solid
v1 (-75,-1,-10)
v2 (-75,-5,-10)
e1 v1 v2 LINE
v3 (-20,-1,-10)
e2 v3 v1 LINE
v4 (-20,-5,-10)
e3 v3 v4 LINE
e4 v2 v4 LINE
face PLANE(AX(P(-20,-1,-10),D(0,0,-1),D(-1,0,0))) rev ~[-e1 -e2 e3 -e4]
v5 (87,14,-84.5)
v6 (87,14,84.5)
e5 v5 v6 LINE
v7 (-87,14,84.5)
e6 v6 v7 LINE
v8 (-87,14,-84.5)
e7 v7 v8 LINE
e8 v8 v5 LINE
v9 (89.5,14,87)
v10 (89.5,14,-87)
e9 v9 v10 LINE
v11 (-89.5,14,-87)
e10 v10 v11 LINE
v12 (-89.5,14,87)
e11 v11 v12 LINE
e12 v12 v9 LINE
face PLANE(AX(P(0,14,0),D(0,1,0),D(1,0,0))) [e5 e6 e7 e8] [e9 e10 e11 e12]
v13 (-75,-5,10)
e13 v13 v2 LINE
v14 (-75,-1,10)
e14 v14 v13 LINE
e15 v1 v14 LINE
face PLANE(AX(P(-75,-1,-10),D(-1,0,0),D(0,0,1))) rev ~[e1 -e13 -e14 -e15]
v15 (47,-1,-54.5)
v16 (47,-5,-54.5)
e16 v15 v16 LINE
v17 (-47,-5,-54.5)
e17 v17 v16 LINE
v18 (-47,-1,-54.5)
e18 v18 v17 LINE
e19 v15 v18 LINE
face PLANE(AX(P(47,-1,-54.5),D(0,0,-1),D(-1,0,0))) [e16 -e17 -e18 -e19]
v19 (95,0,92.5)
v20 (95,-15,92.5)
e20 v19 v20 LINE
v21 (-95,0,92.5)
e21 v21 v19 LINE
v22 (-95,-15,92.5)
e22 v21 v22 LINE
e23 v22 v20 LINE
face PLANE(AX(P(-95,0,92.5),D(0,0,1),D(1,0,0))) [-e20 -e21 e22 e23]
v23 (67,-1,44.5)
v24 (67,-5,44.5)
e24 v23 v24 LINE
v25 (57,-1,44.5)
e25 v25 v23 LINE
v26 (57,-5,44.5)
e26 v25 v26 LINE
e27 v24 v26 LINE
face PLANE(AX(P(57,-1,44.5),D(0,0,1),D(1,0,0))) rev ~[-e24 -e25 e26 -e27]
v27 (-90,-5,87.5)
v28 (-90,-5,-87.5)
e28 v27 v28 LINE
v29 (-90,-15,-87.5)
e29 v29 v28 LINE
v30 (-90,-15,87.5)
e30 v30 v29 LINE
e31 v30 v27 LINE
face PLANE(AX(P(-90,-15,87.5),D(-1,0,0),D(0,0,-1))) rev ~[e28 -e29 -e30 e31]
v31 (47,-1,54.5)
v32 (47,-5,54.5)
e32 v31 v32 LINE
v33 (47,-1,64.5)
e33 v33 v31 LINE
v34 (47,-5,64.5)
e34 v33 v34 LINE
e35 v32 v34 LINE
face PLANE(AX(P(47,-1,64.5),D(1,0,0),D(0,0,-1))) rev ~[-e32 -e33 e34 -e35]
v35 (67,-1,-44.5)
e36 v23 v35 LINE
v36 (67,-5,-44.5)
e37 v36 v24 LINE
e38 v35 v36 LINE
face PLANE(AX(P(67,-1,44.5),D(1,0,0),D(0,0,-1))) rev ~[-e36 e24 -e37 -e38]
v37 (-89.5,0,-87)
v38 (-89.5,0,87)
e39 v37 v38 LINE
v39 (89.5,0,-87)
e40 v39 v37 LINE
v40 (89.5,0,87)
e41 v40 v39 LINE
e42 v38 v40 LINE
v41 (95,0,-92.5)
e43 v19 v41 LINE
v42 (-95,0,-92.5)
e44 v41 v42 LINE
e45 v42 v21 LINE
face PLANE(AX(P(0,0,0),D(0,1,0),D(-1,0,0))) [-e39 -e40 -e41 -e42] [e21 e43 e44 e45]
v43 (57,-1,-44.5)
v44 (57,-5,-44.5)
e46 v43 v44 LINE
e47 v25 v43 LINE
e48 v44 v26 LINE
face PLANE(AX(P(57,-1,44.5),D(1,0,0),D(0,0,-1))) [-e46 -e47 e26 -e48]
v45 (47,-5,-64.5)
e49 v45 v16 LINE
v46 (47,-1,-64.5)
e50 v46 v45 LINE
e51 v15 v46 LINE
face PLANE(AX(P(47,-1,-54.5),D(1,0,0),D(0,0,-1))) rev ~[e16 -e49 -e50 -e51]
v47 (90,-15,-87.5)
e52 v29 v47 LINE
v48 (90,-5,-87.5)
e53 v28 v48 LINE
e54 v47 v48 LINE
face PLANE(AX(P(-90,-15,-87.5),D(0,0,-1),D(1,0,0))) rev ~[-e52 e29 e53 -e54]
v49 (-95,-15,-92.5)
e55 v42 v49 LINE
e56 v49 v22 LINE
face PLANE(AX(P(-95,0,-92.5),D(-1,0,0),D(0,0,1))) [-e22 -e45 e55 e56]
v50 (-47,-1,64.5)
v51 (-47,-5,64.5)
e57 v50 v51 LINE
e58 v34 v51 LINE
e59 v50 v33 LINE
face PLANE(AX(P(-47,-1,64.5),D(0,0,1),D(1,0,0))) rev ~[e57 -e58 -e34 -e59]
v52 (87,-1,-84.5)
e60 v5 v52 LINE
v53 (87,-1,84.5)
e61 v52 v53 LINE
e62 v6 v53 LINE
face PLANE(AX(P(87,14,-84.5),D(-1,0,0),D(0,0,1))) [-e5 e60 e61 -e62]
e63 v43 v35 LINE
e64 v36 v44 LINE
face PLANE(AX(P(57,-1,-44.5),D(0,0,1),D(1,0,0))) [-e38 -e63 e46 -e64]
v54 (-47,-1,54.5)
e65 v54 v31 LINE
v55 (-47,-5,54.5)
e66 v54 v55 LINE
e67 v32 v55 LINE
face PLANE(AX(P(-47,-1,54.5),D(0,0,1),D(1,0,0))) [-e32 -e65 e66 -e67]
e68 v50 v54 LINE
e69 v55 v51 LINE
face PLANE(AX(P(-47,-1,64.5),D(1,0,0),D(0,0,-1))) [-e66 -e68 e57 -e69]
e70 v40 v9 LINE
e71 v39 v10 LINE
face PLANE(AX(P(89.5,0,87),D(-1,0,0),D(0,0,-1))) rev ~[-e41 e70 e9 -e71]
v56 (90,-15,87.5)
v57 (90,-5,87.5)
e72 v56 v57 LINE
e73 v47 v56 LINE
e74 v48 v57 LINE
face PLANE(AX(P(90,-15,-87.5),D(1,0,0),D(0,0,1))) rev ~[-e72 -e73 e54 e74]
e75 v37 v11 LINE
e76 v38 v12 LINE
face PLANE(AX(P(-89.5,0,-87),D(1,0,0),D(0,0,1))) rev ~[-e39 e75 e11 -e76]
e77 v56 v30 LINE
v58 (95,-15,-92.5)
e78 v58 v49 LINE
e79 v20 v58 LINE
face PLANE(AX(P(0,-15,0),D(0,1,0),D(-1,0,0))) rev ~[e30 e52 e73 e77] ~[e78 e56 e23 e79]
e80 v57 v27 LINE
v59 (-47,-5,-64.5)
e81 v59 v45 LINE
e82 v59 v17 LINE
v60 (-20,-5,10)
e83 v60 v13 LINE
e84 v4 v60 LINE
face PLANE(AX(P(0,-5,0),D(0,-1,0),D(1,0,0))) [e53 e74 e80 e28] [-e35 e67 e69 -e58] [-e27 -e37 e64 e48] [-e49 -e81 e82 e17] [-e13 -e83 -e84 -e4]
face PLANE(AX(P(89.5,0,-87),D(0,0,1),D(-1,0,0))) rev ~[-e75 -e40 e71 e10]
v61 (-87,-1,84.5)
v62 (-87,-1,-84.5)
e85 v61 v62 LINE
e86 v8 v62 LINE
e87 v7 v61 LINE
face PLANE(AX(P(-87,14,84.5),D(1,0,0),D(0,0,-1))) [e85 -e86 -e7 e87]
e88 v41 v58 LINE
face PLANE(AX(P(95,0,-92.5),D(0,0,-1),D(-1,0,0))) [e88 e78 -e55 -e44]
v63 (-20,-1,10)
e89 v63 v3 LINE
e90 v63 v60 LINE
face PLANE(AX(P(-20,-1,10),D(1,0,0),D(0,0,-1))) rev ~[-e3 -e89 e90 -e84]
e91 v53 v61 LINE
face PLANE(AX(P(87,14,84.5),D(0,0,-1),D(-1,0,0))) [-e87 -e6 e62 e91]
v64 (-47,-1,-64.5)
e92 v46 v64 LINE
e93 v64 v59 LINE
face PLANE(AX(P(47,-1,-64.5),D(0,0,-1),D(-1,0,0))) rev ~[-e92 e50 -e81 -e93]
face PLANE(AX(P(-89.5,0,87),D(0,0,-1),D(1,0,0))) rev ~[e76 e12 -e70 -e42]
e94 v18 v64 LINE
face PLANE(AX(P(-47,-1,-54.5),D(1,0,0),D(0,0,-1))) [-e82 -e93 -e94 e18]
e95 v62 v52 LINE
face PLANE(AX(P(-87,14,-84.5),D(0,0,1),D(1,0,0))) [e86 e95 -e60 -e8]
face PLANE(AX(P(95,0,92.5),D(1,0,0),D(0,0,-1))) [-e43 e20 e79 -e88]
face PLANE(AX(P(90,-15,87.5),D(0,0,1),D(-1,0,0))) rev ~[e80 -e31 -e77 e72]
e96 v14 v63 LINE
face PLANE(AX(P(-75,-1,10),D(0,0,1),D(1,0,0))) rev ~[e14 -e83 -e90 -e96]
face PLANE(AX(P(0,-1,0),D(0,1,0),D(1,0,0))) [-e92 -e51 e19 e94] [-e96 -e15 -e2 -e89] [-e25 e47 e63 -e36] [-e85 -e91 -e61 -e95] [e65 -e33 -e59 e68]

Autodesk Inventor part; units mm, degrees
ref_plane "YZ Plane" through (0, 0, 0) normal (1, 0, 0) x (0, 1, 0)
ref_plane "XZ Plane" through (0, 0, 0) normal (0, 1, 0) x (-1, 0, 0)
ref_plane "XY Plane" through (0, 0, 0) normal (0, 0, 1) x (1, 0, 0)
sketch "Sketch1" plane through (0, 0, 0) normal (0, 1, 0) x (-1, 0, 0)
  line L0 (95, 92.5) -> (-95, 92.5)
  line L1 (-95, 92.5) -> (-95, -92.5)
  line L2 (-95, -92.5) -> (95, -92.5)
  line L3 (95, -92.5) -> (95, 92.5)
  point P0 (0, 0)
  dimension "d0" = 190
  dimension "d1" = 185
  dimension "d2" = 92.5
  dimension "d3" = 95
extrude "Extrusion1" add sketch "Sketch1" against normal blind 15
sketch "Sketch5" plane through (0, 0, 0) normal (0, 1, 0) x (1, 0, 0)
  line L0 (-95, -92.5) -> (95, -92.5) projected
  line L1 (95, -92.5) -> (95, 92.5) projected
  line L2 (95, 92.5) -> (-95, 92.5) projected
  line L3 (-95, 92.5) -> (-95, -92.5) projected
  line L4 (-89.5, -87) -> (89.5, -87)
  line L5 (89.5, -87) -> (89.5, 87)
  line L6 (89.5, 87) -> (-89.5, 87)
  line L7 (-89.5, 87) -> (-89.5, -87)
  point P0 (0, 0)
  dimension "d42" = 5.5
  dimension "d43" = 5.5
  dimension "d44" = 5.5
  dimension "d45" = 5.5
extrude "Extrusion6" add sketch "Sketch5" along normal blind 14 contours L7 L6 L5 L4
sketch "Sketch6" plane through (0, 14, 0) normal (0, 1, 0) x (1, 0, 0)
  line L0 (-89.5, -87) -> (89.5, -87) projected
  line L1 (89.5, -87) -> (89.5, 87) projected
  line L2 (89.5, 87) -> (-89.5, 87) projected
  line L3 (-89.5, 87) -> (-89.5, -87) projected
  line L4 (87, -84.5) -> (-87, -84.5)
  line L5 (-87, -84.5) -> (-87, 84.5)
  line L6 (-87, 84.5) -> (87, 84.5)
  line L7 (87, 84.5) -> (87, -84.5)
  point P0 (0, 0)
  dimension "d48" = 2.5
  dimension "d49" = 2.5
  dimension "d50" = 2.5
  dimension "d51" = 2.5
extrude "Extrusion7" cut sketch "Sketch6" against normal blind 15 contours L4 L5 L6 L7
sketch "Sketch7" plane through (0, -15, 0) normal (0, -1, 0) x (1, 0, 0)
  line L0 (95, 92.5) -> (-95, 92.5) projected
  line L1 (-95, 92.5) -> (-95, -92.5) projected
  line L2 (-95, -92.5) -> (95, -92.5) projected
  line L3 (95, -92.5) -> (95, 92.5) projected
  line L4 (90, 87.5) -> (-90, 87.5)
  line L5 (-90, 87.5) -> (-90, -87.5)
  line L6 (-90, -87.5) -> (90, -87.5)
  line L7 (90, -87.5) -> (90, 87.5)
  point P0 (0, 0)
  dimension "d54" = 5
  dimension "d55" = 5
  dimension "d56" = 5
  dimension "d57" = 5
extrude "Extrusion8" cut sketch "Sketch7" against normal blind 10 contours L7 L6 L5 L4
sketch "Sketch8" plane through (0, -1, 0) normal (0, 1, 0) x (1, 0, 0)
  line L0 (87, -84.5) -> (-87, -84.5) projected
  line L1 (87, 84.5) -> (87, -84.5) projected
  line L2 (-87, 84.5) -> (87, 84.5) projected
  line L3 (-87, -84.5) -> (-87, 84.5) projected
  line L4 (-67, -64.5) -> (67, -64.5)
  line L5 (67, -64.5) -> (67, 64.5)
  line L6 (67, 64.5) -> (-67, 64.5)
  line L7 (-67, 64.5) -> (-67, -64.5)
  line L8 (-57, -54.5) -> (57, -54.5)
  line L9 (57, -54.5) -> (57, 54.5)
  line L10 (57, 54.5) -> (-57, 54.5)
  line L11 (-57, 54.5) -> (-57, -54.5)
  line L12 (-67, -44.5) -> (-57, -44.5)
  line L13 (-47, -64.5) -> (-47, -54.5)
  line L14 (-67, 44.5) -> (-57, 44.5)
  line L15 (-47, 54.5) -> (-47, 64.5)
  line L16 (47, -64.5) -> (47, -54.5)
  line L17 (57, -44.5) -> (67, -44.5)
  line L18 (47, 54.5) -> (47, 64.5)
  line L19 (57, 44.5) -> (67, 44.5)
  point P0 (0, 0)
  dimension "d60" = 20
  dimension "d61" = 20
  dimension "d62" = 20
  dimension "d63" = 20
  dimension "d64" = 10
  dimension "d65" = 10
  dimension "d66" = 10
  dimension "d67" = 10
  dimension "d68" = 20
  dimension "d69" = 20
  dimension "d70" = 20
  dimension "d71" = 20
  dimension "d72" = 20
  dimension "d73" = 20
  dimension "d74" = 20
  dimension "d75" = 20
extrude "Extrusion9" cut sketch "Sketch8" against normal through all contours L13 L8 L16 L4 | L17 L9 L19 L5 | L6 L18 L10 L15
sketch "Sketch9" plane through (0, -1, 0) normal (0, 1, 0) x (1, 0, 0)
  line L0 (47, -54.5) -> (47, -64.5) projected
  line L1 (47, -64.5) -> (-47, -64.5) projected
  line L2 (-47, -64.5) -> (-47, -54.5) projected
  line L3 (-47, -54.5) -> (47, -54.5) projected
  line L4 (67, 44.5) -> (67, -44.5) projected
  line L5 (67, -44.5) -> (57, -44.5) projected
  line L6 (57, -44.5) -> (57, 44.5) projected
  line L7 (57, 44.5) -> (67, 44.5) projected
  line L8 (47, 64.5) -> (47, 54.5) projected
  line L9 (47, 54.5) -> (-47, 54.5) projected
  line L10 (-47, 54.5) -> (-47, 64.5) projected
  line L11 (-47, 64.5) -> (47, 64.5) projected
  line L12 (87, -84.5) -> (-87, -84.5) projected
  line L13 (87, 84.5) -> (87, -84.5) projected
  line L14 (-87, 84.5) -> (87, 84.5) projected
  line L15 (-87, -84.5) -> (-87, 84.5) projected
  line L16 (-75, -10) -> (-20, -10)
  line L17 (-20, -10) -> (-20, 10)
  line L18 (-20, 10) -> (-75, 10)
  line L19 (-75, 10) -> (-75, -10)
  point P0 (0, 0)
  dimension "d78" = 55
  dimension "d79" = 20
  dimension "d80" = 20
  dimension "d81" = 10
extrude "Extrusion10" cut sketch "Sketch9" against normal through all contours L19 L18 L17 L16
equation "\"d2\" = 0.5 * d1"
equation "\"d3\" = 0.5 * d0"
equation "\"d43\" = d42"
equation "\"d44\" = d42"
equation "\"d45\" = d42"
equation "\"d49\" = d48"
equation "\"d50\" = d48"
equation "\"d51\" = d48"
equation "\"d55\" = d54"
equation "\"d56\" = d54"
equation "\"d57\" = d54"
equation "\"d61\" = d60"
equation "\"d62\" = d60"
equation "\"d63\" = d60"
equation "\"d65\" = d64"
equation "\"d66\" = d64"
equation "\"d67\" = d64"
equation "\"d68\" = d69"
equation "\"d70\" = d69"
equation "\"d71\" = d69"
equation "\"d72\" = d69"
equation "\"d73\" = d69"
equation "\"d74\" = d69"
equation "\"d75\" = d69"
equation "\"d81\" = 0.5 * d79"
properties part number "Platform"
